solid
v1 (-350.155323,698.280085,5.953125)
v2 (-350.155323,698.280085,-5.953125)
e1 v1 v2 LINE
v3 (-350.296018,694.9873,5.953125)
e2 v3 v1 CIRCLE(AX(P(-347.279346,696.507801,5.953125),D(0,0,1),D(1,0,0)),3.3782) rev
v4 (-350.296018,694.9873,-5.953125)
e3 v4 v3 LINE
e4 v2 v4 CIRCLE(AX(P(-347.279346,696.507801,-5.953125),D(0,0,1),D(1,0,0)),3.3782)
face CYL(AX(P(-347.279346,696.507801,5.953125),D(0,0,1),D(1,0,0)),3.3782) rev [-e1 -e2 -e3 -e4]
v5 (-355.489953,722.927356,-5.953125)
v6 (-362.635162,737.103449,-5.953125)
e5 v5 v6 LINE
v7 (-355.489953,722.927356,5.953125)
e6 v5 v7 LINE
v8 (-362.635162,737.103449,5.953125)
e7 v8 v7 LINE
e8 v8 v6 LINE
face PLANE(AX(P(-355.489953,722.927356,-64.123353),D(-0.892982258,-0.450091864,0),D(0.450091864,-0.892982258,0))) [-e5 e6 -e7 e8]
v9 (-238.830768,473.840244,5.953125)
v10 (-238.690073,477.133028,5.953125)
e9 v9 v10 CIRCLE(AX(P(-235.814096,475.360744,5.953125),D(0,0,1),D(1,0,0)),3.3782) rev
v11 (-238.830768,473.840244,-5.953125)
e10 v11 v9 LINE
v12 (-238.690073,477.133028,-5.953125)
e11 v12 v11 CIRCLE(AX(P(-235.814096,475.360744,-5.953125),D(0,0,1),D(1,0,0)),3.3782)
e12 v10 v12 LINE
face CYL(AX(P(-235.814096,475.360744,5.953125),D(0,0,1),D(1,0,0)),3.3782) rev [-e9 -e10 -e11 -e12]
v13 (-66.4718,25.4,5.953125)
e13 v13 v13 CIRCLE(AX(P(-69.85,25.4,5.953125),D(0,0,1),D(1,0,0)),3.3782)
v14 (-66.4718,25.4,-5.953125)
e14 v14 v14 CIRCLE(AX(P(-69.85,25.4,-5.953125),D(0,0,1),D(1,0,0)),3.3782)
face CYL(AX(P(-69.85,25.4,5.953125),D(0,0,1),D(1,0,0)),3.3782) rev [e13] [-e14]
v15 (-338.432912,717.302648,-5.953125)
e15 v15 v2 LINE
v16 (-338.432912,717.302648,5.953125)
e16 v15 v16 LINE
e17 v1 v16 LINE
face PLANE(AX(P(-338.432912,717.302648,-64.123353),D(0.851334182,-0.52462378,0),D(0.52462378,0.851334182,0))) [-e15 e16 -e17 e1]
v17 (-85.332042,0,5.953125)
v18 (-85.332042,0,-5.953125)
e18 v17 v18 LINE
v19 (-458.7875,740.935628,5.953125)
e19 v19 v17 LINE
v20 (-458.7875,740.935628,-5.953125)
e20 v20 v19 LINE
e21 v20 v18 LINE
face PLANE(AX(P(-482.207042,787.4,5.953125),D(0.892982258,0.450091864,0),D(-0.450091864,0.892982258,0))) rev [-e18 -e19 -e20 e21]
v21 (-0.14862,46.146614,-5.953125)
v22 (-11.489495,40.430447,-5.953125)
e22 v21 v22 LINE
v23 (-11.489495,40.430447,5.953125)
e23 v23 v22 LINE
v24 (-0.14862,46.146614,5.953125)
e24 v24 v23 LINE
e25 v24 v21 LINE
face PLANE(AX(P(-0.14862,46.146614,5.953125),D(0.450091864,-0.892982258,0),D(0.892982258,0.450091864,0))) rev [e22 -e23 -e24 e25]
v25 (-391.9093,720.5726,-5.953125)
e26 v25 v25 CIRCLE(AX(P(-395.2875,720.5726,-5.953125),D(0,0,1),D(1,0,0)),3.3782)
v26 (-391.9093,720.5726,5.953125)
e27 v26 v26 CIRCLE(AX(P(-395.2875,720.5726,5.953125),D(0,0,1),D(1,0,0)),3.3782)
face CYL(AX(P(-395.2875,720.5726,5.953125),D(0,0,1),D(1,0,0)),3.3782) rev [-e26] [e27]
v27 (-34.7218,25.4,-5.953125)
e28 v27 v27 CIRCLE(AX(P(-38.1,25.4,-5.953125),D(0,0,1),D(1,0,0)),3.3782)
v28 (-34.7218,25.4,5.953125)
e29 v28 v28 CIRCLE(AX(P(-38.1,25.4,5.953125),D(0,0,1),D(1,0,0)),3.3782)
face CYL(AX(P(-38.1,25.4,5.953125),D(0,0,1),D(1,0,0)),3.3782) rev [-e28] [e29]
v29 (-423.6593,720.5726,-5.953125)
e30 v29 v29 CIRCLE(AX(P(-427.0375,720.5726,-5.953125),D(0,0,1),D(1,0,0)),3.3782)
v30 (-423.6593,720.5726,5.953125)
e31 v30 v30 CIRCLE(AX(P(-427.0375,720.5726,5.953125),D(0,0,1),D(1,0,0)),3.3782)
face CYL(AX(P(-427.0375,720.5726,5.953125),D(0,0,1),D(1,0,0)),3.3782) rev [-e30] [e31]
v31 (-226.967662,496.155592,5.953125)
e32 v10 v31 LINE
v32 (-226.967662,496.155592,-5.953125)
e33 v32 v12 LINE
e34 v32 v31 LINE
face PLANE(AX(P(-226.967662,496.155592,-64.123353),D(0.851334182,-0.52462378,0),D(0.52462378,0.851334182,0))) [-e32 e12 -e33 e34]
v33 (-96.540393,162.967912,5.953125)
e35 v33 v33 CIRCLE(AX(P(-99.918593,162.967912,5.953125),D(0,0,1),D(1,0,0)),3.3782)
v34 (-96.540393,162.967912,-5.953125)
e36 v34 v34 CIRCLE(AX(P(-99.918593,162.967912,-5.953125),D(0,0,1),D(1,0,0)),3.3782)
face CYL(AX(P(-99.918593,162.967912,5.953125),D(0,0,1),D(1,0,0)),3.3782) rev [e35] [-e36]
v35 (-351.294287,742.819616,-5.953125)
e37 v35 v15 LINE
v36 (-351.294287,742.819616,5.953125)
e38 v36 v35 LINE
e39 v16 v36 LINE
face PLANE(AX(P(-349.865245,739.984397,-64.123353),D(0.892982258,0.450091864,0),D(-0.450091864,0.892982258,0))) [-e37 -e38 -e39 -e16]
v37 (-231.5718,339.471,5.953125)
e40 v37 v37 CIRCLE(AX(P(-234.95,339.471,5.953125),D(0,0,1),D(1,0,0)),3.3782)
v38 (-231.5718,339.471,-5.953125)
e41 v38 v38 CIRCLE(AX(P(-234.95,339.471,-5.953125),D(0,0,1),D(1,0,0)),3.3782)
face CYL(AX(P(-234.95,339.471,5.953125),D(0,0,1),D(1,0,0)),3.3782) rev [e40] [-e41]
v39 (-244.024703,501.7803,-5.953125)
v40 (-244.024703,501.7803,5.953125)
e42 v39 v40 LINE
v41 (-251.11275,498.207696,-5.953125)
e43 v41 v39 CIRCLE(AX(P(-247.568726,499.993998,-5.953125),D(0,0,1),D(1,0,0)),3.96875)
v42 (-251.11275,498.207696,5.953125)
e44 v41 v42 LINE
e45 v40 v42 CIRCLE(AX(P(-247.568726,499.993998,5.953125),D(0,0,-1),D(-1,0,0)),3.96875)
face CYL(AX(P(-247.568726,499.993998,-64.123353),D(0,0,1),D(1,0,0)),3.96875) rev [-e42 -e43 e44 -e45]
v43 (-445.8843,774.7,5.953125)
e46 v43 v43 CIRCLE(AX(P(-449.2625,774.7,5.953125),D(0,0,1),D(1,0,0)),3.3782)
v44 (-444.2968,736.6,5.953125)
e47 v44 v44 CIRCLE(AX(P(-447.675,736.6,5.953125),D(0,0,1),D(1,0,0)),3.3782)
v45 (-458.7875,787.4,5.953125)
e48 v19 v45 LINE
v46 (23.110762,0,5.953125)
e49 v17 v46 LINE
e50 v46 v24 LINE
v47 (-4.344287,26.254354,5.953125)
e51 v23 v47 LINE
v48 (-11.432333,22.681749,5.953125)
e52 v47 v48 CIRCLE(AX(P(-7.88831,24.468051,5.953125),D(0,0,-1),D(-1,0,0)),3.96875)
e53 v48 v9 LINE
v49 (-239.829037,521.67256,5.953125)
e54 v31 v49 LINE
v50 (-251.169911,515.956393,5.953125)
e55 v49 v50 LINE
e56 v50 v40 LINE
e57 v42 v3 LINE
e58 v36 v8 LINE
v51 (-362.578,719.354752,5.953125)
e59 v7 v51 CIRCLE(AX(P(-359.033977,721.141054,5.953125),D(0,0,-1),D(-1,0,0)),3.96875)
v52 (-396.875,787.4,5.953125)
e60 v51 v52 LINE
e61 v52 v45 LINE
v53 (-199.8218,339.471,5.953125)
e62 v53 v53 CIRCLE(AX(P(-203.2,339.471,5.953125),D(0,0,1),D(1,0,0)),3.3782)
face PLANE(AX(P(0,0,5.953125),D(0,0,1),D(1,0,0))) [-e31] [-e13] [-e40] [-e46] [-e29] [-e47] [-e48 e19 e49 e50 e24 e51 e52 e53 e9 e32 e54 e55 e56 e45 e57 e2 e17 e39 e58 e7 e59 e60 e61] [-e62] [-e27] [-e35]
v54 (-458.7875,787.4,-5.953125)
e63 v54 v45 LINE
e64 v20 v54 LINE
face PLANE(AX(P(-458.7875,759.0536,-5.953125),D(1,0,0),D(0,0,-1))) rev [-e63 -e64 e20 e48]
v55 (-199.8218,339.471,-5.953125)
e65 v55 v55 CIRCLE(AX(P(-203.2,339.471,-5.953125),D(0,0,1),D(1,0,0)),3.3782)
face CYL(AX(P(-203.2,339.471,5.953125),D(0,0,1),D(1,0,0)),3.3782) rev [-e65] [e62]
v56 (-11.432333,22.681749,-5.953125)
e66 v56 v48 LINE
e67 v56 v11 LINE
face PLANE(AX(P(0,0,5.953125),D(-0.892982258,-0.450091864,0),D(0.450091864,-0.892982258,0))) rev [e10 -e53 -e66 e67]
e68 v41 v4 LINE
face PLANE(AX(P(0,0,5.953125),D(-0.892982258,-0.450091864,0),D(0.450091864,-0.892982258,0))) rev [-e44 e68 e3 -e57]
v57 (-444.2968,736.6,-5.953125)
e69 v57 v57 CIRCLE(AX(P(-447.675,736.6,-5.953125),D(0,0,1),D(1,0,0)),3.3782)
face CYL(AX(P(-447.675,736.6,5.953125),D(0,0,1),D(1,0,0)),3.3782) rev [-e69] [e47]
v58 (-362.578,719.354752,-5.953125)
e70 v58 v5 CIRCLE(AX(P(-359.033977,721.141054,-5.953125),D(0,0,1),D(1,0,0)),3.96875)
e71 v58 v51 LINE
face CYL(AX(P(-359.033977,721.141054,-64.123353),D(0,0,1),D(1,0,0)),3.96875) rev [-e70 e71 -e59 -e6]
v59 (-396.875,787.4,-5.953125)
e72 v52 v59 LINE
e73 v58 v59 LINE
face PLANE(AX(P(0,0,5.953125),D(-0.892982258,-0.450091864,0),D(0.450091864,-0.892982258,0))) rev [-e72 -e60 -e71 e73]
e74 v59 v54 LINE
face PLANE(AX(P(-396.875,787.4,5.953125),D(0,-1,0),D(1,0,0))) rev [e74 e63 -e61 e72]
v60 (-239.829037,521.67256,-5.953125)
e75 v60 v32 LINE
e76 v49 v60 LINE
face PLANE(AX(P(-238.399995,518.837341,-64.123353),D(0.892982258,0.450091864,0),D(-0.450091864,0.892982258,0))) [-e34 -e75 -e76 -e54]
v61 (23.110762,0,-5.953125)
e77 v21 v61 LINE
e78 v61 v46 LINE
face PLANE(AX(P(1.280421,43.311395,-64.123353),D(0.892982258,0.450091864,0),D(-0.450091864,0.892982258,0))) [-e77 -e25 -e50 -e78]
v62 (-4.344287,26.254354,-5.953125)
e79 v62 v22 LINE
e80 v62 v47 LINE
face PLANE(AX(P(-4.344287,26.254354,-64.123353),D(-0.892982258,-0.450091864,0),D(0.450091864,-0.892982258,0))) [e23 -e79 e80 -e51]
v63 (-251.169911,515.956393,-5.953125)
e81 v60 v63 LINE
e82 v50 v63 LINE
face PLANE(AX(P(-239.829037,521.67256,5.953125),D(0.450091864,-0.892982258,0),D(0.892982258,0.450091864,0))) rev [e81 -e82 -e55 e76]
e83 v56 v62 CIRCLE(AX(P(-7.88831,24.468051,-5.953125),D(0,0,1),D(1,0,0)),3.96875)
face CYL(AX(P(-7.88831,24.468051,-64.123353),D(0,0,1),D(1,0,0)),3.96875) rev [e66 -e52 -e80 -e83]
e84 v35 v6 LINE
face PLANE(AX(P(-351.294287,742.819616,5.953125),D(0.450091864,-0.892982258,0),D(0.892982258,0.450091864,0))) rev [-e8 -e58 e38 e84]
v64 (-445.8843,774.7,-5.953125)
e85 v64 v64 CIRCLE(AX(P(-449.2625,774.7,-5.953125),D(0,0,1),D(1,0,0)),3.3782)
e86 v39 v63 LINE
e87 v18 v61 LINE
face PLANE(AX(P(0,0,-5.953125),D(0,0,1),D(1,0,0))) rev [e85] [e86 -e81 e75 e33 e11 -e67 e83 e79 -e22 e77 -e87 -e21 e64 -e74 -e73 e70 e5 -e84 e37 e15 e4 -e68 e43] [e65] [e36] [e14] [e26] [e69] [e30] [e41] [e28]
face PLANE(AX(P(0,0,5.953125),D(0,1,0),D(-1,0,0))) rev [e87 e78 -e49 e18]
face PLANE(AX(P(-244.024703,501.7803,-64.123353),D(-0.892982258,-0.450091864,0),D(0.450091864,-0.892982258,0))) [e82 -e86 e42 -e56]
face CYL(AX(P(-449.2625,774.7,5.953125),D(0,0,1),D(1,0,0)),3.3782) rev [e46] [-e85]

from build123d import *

# Parameters (mm, degrees)
BOSS_EXTRUDE1_DEPTH     = 5.953125
SKETCH3_W               = 47.23204247
SKETCH3_H               = 13.081
CUT_EXTRUDE1_DEPTH      = 924.398153884
BOSS_EXTRUDE3_DEPTH     = 11.90625
F_1_4_CLEARANCE_HOLE1_D = 6.7564
SKETCH13_W              = 23.41954247
SKETCH13_H              = 28.3464
CUT_EXTRUDE2_DEPTH      = 924.398153884
SKETCH14_R              = 3.429
CUT_EXTRUDE3_DEPTH      = 913.667776704
F_1_4_CLEARANCE_HOLE2_D = 6.7564
CUT_EXTRUDE4_DEPTH      = 913.667776704
BOSS_EXTRUDE4_START     = -11.90625
BOSS_EXTRUDE4_DEPTH     = 11.90625
BOSS_EXTRUDE5_DEPTH     = 11.90625
CUT_EXTRUDE5_DEPTH      = 912.387123535
FILLET1_R               = 3.3782


with BuildPart() as part:
    # Sketch1 → Boss-Extrude1 (new, symmetric)
    with BuildSketch(Plane.XY):
        Polygon((0, 0), (-396.875, 787.4), (-482.20704247, 787.4), (-85.33204247, 0), align=None)
    extrude(amount=BOSS_EXTRUDE1_DEPTH, both=True)

    # Sketch3 → Cut-Extrude1 (cut, through all)
    with BuildSketch(Plane.XY.offset(5.953125)):
        with Locations((-252.216021235, 371.4115)):
            Rectangle(SKETCH3_W, SKETCH3_H)
        with Locations((-444.303521235, 752.5131)):
            Rectangle(SKETCH3_W, SKETCH3_H)
    extrude(amount=-CUT_EXTRUDE1_DEPTH, mode=Mode.SUBTRACT)

    # Sketch10 → Boss-Extrude3 (add)
    with BuildSketch(Plane.XY.offset(5.953125)):
        with BuildLine():
            Line((-244.024703128, 501.780299783), (-249.740869802, 513.121174464))
            ThreePointArc((-249.740869802, 513.121174464), (-246.928515798, 521.649695143), (-238.39999512, 518.837341139))
            Line((-238.39999512, 518.837341139), (-226.967661771, 496.155591775))
            Line((-226.967661771, 496.155591775), (-239.680416455, 475.525946247))
            Line((-239.680416455, 475.525946247), (-251.112749804, 498.207695611))
            ThreePointArc((-251.112749804, 498.207695611), (-245.78242438, 496.449974359), (-244.024703128, 501.780299783))
        make_face()
        with BuildLine():
            Line((-351.145666605, 696.673002545), (-362.577999954, 719.354751908))
            ThreePointArc((-362.577999954, 719.354751908), (-357.24767453, 717.597030656), (-355.489953278, 722.92735608))
            Line((-355.489953278, 722.92735608), (-361.206119952, 734.268230762))
            ThreePointArc((-361.206119952, 734.268230762), (-358.393765948, 742.79675144), (-349.86524527, 739.984397436))
            Line((-349.86524527, 739.984397436), (-338.432911921, 717.302648072))
            Line((-338.432911921, 717.302648072), (-351.145666605, 696.673002545))
        make_face()
        with BuildLine():
            Line((0, 0), (-11.432333349, 22.681749364))
            ThreePointArc((-11.432333349, 22.681749364), (-6.102007925, 20.924028111), (-4.344286673, 26.254353535))
            Line((-4.344286673, 26.254353535), (-10.060453347, 37.595228217))
            ThreePointArc((-10.060453347, 37.595228217), (-7.248099343, 46.123748895), (1.280421335, 43.311394892))
            Line((1.280421335, 43.311394892), (12.712754684, 20.629645528))
            Line((12.712754684, 20.629645528), (23.110761502, 0))
            Line((23.110761502, 0), (0, 0))
        make_face()
    extrude(amount=-BOSS_EXTRUDE3_DEPTH)

    # 1/4 Clearance Hole1 (through all)
    with Locations(Plane.XY.offset(5.953125)):
        with Locations((-99.918593468, 162.967911886), (-427.0375, 720.5726), (-395.2875, 720.5726), (-203.2, 339.471), (-234.95, 339.471), (-69.85, 25.4), (-38.1, 25.4)):
            Hole(F_1_4_CLEARANCE_HOLE1_D / 2)

    # Sketch13 → Cut-Extrude2 (cut, through all)
    with BuildSketch(Plane.XY.offset(5.953125)):
        with Locations((-470.497271235, 773.2268)):
            Rectangle(SKETCH13_W, SKETCH13_H)
    extrude(amount=-CUT_EXTRUDE2_DEPTH, mode=Mode.SUBTRACT)

    # Sketch14 → Cut-Extrude3 (cut, through all)
    with BuildSketch(Plane.XY.offset(5.953125)):
        with Locations((-424.1165, 759.0536)):
            Circle(SKETCH14_R)
        with Locations((-424.1165, 745.9726)):
            Circle(SKETCH14_R)
        with Locations((-232.029, 377.952)):
            Circle(SKETCH14_R)
        with Locations((-232.029, 364.871)):
            Circle(SKETCH14_R)
    extrude(amount=-CUT_EXTRUDE3_DEPTH, mode=Mode.SUBTRACT)

    # 1/4 Clearance Hole2 (through all)
    with Locations(Plane.XY.offset(5.953125)):
        with Locations((-447.675, 736.6), (-449.2625, 774.7)):
            Hole(F_1_4_CLEARANCE_HOLE2_D / 2)

    # Sketch18 → Cut-Extrude4 (cut, through all)
    with BuildSketch(Plane.XY.offset(5.953125)):
        Polygon((-458.7875, 745.9726), (-458.7875, 740.93562774), (-461.326296502, 745.9726), align=None)
    extrude(amount=-CUT_EXTRUDE4_DEPTH, mode=Mode.SUBTRACT)

    # Sketch19 → Boss-Extrude4 (add)
    with BuildSketch(Plane(origin=(0, 0, -5.953125), x_dir=(-1, 0, 0), z_dir=(0, 0, -1)).offset(BOSS_EXTRUDE4_START)):
        with BuildLine():
            Line((458.7875, 759.0536), (458.7875, 745.9726))
            Line((458.7875, 745.9726), (427.5455, 745.9726))
            ThreePointArc((427.5455, 745.9726), (424.1165, 742.5436), (420.6875, 745.9726))
            Line((420.6875, 745.9726), (420.6875, 759.0536))
            ThreePointArc((420.6875, 759.0536), (424.1165, 762.4826), (427.5455, 759.0536))
            Line((427.5455, 759.0536), (458.7875, 759.0536))
        make_face()
        with BuildLine():
            Line((269.238796502, 364.871), (275.83204247, 377.952))
            Line((275.83204247, 377.952), (235.458, 377.952))
            ThreePointArc((235.458, 377.952), (232.029, 381.381), (228.6, 377.952))
            Line((228.6, 377.952), (228.6, 364.871))
            ThreePointArc((228.6, 364.871), (232.029, 361.442), (235.458, 364.871))
            Line((235.458, 364.871), (269.238796502, 364.871))
        make_face()
    extrude(amount=BOSS_EXTRUDE4_DEPTH)

    # Sketch20 → Boss-Extrude5 (add)
    with BuildSketch(Plane(origin=(0, 0, -5.953125), x_dir=(-1, 0, 0), z_dir=(0, 0, -1))):
        Polygon((349.86524527, 739.984397436), (361.206119952, 734.268230762), (364.064203289, 739.938668103), (352.723328607, 745.654834777), align=None)
        Polygon((238.39999512, 518.837341139), (249.740869802, 513.121174464), (252.598953139, 518.791611805), (241.258078457, 524.50777848), align=None)
        Polygon((-1.280421335, 43.311394892), (10.060453347, 37.595228217), (12.918536684, 43.265665558), (1.577662002, 48.981832233), align=None)
    extrude(amount=-BOSS_EXTRUDE5_DEPTH)

    # Sketch21 → Cut-Extrude5 (cut, through all)
    with BuildSketch(Plane(origin=(0, 0, -5.953125), x_dir=(-1, 0, 0), z_dir=(0, 0, -1))):
        Polygon((352.723328607, 745.654834777), (364.064203289, 739.938668103), (362.635161621, 737.103449432), (351.294286939, 742.819616107), align=None)
        Polygon((241.258078457, 524.50777848), (252.598953139, 518.791611805), (251.169911471, 515.956393135), (239.829036789, 521.672559809), align=None)
        Polygon((1.577662002, 48.981832233), (12.918536684, 43.265665558), (11.489495015, 40.430446888), (0.148620334, 46.146613562), align=None)
    extrude(amount=-CUT_EXTRUDE5_DEPTH, mode=Mode.SUBTRACT)

    # Fillet1
    fillet1_edges = [part.edges().sort_by_distance(p)[0] for p in [
        (-239.680416455, 475.525946247, 0),
        (-351.145666605, 696.673002545, 0),
    ]]
    fillet(fillet1_edges, radius=FILLET1_R)


solid = part.part
